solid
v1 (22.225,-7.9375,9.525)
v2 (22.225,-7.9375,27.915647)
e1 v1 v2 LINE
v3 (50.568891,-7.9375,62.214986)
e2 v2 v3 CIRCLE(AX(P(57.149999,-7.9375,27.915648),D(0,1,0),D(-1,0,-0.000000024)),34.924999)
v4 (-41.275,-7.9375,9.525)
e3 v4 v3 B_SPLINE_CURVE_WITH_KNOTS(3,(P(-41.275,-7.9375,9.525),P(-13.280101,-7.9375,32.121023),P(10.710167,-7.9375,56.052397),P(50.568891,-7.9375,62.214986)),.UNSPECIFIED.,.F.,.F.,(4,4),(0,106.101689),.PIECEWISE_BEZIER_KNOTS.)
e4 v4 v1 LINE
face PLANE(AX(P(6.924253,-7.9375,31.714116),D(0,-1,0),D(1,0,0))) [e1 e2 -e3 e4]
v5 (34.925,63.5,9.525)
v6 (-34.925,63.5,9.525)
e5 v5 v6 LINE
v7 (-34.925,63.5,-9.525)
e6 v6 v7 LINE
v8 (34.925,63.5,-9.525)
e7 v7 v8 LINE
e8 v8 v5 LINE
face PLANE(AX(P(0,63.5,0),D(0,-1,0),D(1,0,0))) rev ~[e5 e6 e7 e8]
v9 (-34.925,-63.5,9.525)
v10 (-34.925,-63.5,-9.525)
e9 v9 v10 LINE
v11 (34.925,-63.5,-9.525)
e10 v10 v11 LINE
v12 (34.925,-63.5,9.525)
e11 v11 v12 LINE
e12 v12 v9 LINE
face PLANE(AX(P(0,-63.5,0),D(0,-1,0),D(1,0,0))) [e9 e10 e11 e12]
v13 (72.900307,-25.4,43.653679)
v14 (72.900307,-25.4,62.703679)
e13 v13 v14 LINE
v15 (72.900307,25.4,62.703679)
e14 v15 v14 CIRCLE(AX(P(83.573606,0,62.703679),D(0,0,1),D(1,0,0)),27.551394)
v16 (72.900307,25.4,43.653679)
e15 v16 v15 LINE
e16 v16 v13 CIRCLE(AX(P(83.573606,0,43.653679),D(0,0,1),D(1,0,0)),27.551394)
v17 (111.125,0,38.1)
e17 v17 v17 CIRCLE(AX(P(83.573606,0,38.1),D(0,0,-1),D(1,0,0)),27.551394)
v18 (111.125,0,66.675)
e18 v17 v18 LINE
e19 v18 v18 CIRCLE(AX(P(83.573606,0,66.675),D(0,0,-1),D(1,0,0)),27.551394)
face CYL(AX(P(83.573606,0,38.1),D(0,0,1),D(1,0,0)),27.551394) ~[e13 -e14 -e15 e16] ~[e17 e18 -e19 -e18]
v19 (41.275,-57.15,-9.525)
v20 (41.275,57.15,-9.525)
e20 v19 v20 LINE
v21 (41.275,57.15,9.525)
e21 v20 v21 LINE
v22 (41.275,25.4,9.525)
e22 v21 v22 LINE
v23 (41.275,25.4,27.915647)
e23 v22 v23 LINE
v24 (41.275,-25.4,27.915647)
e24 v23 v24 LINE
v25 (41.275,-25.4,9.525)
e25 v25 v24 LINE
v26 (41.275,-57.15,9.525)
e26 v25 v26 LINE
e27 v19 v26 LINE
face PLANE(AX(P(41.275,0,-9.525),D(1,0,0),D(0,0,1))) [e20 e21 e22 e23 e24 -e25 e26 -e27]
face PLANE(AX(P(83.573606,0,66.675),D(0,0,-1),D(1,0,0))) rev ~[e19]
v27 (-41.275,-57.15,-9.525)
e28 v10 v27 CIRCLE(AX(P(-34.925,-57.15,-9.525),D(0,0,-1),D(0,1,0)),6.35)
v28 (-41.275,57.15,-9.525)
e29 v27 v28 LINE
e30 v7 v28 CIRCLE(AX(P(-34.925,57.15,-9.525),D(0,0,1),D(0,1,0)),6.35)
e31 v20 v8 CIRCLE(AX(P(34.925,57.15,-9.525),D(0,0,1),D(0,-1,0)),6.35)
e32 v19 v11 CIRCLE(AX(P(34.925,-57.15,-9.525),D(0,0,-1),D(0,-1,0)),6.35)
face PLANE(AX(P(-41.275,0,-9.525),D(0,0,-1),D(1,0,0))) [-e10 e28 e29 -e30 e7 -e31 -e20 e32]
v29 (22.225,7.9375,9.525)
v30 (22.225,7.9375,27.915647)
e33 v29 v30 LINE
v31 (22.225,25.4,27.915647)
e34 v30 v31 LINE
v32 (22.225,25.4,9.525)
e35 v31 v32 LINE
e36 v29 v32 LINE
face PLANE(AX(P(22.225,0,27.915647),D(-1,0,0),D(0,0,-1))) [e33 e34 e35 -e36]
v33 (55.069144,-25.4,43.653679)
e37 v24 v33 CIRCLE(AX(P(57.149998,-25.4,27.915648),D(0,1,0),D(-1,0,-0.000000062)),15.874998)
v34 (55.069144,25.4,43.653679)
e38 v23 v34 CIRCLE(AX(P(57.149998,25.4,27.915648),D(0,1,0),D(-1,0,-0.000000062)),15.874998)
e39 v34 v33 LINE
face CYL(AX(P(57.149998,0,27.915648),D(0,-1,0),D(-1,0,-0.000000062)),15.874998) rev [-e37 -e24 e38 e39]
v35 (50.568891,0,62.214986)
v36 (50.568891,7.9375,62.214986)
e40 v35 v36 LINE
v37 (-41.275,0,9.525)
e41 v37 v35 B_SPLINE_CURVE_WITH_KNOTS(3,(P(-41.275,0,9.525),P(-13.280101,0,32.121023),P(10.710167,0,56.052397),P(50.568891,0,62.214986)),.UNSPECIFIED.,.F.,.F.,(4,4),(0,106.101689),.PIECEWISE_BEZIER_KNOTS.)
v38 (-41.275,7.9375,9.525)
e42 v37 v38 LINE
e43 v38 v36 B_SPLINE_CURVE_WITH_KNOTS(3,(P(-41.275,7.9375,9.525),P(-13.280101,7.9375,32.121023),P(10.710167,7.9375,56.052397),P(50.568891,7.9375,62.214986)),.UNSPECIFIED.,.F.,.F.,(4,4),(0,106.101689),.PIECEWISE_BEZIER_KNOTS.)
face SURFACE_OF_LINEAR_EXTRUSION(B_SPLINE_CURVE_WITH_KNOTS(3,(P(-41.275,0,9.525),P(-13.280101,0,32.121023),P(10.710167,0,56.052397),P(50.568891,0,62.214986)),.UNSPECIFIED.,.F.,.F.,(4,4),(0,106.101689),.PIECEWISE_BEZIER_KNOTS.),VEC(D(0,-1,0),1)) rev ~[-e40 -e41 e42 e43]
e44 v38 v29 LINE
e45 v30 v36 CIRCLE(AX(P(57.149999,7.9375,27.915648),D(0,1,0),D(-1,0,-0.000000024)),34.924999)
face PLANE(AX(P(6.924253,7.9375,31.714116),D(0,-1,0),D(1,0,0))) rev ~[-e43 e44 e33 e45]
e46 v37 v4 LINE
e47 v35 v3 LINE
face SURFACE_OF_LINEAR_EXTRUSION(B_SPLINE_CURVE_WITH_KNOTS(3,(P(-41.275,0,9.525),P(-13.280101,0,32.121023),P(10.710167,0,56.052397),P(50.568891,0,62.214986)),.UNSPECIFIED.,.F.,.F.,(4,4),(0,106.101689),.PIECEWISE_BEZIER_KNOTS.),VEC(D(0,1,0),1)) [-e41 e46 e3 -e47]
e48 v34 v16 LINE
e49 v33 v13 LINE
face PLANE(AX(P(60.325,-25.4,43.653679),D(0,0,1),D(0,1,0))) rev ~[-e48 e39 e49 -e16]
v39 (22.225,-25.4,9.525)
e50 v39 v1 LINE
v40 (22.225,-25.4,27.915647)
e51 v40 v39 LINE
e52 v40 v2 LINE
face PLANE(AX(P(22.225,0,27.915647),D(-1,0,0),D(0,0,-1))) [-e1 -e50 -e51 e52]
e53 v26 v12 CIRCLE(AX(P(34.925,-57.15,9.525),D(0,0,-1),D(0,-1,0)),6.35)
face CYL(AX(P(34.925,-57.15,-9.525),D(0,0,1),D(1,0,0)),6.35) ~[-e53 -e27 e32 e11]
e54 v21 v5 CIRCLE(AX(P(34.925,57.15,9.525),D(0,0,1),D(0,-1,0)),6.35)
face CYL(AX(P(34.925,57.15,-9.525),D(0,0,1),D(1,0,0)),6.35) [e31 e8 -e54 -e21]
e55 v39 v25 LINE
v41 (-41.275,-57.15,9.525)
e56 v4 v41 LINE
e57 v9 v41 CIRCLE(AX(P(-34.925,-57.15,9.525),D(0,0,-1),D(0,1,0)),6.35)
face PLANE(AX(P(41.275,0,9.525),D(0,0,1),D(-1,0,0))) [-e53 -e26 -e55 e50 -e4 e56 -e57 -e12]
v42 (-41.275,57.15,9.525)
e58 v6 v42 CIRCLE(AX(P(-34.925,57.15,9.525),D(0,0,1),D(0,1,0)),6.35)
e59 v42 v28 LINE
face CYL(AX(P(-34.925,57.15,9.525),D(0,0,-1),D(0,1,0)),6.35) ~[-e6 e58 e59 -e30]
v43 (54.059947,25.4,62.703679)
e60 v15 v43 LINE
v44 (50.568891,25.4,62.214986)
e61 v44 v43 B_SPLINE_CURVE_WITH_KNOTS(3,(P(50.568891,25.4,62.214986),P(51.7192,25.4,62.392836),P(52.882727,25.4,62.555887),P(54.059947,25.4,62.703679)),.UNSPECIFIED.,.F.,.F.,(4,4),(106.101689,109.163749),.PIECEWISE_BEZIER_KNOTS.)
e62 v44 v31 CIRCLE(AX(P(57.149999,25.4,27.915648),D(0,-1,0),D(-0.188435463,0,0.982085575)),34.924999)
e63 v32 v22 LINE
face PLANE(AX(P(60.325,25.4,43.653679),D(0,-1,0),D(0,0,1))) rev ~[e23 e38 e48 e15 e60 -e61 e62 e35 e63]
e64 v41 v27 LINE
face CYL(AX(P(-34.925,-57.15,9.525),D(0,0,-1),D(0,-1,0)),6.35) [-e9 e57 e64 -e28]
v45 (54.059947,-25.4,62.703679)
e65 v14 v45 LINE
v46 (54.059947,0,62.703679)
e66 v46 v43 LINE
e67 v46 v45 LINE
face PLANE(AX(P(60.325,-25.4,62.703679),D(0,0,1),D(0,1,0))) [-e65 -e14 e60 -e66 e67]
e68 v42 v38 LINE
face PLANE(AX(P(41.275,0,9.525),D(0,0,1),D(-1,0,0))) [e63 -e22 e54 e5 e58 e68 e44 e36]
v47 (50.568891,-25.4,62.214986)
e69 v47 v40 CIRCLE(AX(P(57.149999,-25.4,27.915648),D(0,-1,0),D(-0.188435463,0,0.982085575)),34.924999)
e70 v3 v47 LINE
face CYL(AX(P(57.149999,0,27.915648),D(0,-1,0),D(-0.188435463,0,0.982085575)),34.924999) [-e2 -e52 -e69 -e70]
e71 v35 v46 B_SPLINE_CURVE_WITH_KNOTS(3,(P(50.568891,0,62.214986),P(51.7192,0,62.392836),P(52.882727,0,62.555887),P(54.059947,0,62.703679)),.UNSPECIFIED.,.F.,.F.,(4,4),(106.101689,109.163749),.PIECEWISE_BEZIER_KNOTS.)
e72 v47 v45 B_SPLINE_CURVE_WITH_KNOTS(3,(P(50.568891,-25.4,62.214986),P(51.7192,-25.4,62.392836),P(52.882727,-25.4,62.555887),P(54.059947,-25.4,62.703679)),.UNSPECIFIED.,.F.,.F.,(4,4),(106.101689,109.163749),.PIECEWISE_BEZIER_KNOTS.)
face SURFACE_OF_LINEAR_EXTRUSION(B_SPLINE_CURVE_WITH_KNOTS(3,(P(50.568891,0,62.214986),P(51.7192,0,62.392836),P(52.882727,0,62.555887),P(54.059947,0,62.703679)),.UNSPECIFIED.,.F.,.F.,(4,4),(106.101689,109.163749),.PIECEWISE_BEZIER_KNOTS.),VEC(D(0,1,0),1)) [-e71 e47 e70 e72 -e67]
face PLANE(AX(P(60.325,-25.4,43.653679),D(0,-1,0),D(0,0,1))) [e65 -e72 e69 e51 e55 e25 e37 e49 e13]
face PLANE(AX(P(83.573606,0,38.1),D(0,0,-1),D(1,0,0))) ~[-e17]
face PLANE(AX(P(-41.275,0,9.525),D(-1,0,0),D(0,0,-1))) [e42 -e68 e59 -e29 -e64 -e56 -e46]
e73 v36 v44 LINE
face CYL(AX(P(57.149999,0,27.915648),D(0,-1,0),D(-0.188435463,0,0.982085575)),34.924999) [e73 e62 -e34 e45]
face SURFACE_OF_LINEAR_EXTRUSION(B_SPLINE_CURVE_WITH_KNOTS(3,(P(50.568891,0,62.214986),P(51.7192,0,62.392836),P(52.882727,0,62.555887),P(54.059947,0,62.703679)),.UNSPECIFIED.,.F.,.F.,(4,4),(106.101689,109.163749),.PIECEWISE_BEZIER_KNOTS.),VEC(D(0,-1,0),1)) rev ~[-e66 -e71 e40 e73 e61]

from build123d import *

# Parameters (mm, degrees)
F1_DEPTH  = 63.5
F2_DEPTH  = 25.4
F3_DEPTH  = 7.9375
F2_FACE_W = 50.8
F2_FACE_H = 19.05
F4_DEPTH  = 12.7
F6_R      = 6.35


with BuildPart() as f1:
    # F0 (on Front) → F1 (new body, symmetric)
    with BuildSketch(Plane.XZ):
        Polygon((41.275, -9.525), (41.275, 9.525), (22.225, 9.525), (-41.275, 9.525), (-41.275, -9.525), align=None)
    extrude(amount=F1_DEPTH, both=True)

    # F0 (on Front) → F2 (join, symmetric)
    with BuildSketch(Plane.XZ):
        with BuildLine():
            Line((22.225, 9.525), (41.275, 9.525))
            Line((41.275, 9.525), (41.275, 27.915647))
            ThreePointArc((41.275, 27.915647), (45.211633, 38.379443), (55.069144, 43.653679))
            Line((55.069144, 43.653679), (60.325, 43.653679))
            Line((60.325, 43.653679), (60.325, 62.703679))
            Line((60.325, 62.703679), (54.059947, 62.703679))
            add(Edge.make_bspline(
                [(50.568891, 62.214986), (51.7192, 62.392836), (52.882727, 62.555887), (54.059947, 62.703679)],
                knots=[106.101689, 106.101689, 106.101689, 106.101689, 109.163749, 109.163749, 109.163749, 109.163749], degree=3))
            ThreePointArc((50.568891, 62.214986), (30.227882, 50.163236), (22.225, 27.915647))
            Line((22.225, 27.915647), (22.225, 9.525))
        make_face()
    extrude(amount=F2_DEPTH, both=True)

    # F0 (on Front) → F3 (join, symmetric)
    with BuildSketch(Plane.XZ):
        with BuildLine():
            Line((-41.275, 9.525), (22.225, 9.525))
            Line((22.225, 9.525), (22.225, 27.915647))
            ThreePointArc((22.225, 27.915647), (30.227882, 50.163236), (50.568891, 62.214986))
            add(Edge.make_bspline(
                [(-41.275, 9.525), (-13.280101, 32.121023), (10.710167, 56.052397), (50.568891, 62.214986)],
                knots=[0, 0, 0, 0, 106.101689, 106.101689, 106.101689, 106.101689], degree=3))
        make_face()
    extrude(amount=F3_DEPTH, both=True)

    # F2_face (on face) → F4 (join)
    with BuildSketch(Plane(origin=(60.325, 0, 53.178679), x_dir=(0, 1, 0), z_dir=(1, 0, 0))):
        Rectangle(F2_FACE_W, F2_FACE_H)
    extrude(amount=F4_DEPTH)

    # F0 (on Front) → F5 (revolve)
    with BuildSketch(Plane.XZ):
        Polygon((83.573606, 62.703679), (83.573606, 43.653679), (83.573606, 38.1), (111.125, 38.1), (111.125, 66.675), (83.573606, 66.675), align=None)
    revolve(axis=Axis((83.573606, 0, 40.87684), (0, 0, -1)))

    # F6
    f6_edges = [f1.edges().sort_by_distance(p)[0] for p in [
        (-41.275, -63.5, 0),
        (41.275, -63.5, 0),
        (41.275, 63.5, 0),
        (-41.275, 63.5, 0),
    ]]
    fillet(f6_edges, radius=F6_R)


solid = f1.part
